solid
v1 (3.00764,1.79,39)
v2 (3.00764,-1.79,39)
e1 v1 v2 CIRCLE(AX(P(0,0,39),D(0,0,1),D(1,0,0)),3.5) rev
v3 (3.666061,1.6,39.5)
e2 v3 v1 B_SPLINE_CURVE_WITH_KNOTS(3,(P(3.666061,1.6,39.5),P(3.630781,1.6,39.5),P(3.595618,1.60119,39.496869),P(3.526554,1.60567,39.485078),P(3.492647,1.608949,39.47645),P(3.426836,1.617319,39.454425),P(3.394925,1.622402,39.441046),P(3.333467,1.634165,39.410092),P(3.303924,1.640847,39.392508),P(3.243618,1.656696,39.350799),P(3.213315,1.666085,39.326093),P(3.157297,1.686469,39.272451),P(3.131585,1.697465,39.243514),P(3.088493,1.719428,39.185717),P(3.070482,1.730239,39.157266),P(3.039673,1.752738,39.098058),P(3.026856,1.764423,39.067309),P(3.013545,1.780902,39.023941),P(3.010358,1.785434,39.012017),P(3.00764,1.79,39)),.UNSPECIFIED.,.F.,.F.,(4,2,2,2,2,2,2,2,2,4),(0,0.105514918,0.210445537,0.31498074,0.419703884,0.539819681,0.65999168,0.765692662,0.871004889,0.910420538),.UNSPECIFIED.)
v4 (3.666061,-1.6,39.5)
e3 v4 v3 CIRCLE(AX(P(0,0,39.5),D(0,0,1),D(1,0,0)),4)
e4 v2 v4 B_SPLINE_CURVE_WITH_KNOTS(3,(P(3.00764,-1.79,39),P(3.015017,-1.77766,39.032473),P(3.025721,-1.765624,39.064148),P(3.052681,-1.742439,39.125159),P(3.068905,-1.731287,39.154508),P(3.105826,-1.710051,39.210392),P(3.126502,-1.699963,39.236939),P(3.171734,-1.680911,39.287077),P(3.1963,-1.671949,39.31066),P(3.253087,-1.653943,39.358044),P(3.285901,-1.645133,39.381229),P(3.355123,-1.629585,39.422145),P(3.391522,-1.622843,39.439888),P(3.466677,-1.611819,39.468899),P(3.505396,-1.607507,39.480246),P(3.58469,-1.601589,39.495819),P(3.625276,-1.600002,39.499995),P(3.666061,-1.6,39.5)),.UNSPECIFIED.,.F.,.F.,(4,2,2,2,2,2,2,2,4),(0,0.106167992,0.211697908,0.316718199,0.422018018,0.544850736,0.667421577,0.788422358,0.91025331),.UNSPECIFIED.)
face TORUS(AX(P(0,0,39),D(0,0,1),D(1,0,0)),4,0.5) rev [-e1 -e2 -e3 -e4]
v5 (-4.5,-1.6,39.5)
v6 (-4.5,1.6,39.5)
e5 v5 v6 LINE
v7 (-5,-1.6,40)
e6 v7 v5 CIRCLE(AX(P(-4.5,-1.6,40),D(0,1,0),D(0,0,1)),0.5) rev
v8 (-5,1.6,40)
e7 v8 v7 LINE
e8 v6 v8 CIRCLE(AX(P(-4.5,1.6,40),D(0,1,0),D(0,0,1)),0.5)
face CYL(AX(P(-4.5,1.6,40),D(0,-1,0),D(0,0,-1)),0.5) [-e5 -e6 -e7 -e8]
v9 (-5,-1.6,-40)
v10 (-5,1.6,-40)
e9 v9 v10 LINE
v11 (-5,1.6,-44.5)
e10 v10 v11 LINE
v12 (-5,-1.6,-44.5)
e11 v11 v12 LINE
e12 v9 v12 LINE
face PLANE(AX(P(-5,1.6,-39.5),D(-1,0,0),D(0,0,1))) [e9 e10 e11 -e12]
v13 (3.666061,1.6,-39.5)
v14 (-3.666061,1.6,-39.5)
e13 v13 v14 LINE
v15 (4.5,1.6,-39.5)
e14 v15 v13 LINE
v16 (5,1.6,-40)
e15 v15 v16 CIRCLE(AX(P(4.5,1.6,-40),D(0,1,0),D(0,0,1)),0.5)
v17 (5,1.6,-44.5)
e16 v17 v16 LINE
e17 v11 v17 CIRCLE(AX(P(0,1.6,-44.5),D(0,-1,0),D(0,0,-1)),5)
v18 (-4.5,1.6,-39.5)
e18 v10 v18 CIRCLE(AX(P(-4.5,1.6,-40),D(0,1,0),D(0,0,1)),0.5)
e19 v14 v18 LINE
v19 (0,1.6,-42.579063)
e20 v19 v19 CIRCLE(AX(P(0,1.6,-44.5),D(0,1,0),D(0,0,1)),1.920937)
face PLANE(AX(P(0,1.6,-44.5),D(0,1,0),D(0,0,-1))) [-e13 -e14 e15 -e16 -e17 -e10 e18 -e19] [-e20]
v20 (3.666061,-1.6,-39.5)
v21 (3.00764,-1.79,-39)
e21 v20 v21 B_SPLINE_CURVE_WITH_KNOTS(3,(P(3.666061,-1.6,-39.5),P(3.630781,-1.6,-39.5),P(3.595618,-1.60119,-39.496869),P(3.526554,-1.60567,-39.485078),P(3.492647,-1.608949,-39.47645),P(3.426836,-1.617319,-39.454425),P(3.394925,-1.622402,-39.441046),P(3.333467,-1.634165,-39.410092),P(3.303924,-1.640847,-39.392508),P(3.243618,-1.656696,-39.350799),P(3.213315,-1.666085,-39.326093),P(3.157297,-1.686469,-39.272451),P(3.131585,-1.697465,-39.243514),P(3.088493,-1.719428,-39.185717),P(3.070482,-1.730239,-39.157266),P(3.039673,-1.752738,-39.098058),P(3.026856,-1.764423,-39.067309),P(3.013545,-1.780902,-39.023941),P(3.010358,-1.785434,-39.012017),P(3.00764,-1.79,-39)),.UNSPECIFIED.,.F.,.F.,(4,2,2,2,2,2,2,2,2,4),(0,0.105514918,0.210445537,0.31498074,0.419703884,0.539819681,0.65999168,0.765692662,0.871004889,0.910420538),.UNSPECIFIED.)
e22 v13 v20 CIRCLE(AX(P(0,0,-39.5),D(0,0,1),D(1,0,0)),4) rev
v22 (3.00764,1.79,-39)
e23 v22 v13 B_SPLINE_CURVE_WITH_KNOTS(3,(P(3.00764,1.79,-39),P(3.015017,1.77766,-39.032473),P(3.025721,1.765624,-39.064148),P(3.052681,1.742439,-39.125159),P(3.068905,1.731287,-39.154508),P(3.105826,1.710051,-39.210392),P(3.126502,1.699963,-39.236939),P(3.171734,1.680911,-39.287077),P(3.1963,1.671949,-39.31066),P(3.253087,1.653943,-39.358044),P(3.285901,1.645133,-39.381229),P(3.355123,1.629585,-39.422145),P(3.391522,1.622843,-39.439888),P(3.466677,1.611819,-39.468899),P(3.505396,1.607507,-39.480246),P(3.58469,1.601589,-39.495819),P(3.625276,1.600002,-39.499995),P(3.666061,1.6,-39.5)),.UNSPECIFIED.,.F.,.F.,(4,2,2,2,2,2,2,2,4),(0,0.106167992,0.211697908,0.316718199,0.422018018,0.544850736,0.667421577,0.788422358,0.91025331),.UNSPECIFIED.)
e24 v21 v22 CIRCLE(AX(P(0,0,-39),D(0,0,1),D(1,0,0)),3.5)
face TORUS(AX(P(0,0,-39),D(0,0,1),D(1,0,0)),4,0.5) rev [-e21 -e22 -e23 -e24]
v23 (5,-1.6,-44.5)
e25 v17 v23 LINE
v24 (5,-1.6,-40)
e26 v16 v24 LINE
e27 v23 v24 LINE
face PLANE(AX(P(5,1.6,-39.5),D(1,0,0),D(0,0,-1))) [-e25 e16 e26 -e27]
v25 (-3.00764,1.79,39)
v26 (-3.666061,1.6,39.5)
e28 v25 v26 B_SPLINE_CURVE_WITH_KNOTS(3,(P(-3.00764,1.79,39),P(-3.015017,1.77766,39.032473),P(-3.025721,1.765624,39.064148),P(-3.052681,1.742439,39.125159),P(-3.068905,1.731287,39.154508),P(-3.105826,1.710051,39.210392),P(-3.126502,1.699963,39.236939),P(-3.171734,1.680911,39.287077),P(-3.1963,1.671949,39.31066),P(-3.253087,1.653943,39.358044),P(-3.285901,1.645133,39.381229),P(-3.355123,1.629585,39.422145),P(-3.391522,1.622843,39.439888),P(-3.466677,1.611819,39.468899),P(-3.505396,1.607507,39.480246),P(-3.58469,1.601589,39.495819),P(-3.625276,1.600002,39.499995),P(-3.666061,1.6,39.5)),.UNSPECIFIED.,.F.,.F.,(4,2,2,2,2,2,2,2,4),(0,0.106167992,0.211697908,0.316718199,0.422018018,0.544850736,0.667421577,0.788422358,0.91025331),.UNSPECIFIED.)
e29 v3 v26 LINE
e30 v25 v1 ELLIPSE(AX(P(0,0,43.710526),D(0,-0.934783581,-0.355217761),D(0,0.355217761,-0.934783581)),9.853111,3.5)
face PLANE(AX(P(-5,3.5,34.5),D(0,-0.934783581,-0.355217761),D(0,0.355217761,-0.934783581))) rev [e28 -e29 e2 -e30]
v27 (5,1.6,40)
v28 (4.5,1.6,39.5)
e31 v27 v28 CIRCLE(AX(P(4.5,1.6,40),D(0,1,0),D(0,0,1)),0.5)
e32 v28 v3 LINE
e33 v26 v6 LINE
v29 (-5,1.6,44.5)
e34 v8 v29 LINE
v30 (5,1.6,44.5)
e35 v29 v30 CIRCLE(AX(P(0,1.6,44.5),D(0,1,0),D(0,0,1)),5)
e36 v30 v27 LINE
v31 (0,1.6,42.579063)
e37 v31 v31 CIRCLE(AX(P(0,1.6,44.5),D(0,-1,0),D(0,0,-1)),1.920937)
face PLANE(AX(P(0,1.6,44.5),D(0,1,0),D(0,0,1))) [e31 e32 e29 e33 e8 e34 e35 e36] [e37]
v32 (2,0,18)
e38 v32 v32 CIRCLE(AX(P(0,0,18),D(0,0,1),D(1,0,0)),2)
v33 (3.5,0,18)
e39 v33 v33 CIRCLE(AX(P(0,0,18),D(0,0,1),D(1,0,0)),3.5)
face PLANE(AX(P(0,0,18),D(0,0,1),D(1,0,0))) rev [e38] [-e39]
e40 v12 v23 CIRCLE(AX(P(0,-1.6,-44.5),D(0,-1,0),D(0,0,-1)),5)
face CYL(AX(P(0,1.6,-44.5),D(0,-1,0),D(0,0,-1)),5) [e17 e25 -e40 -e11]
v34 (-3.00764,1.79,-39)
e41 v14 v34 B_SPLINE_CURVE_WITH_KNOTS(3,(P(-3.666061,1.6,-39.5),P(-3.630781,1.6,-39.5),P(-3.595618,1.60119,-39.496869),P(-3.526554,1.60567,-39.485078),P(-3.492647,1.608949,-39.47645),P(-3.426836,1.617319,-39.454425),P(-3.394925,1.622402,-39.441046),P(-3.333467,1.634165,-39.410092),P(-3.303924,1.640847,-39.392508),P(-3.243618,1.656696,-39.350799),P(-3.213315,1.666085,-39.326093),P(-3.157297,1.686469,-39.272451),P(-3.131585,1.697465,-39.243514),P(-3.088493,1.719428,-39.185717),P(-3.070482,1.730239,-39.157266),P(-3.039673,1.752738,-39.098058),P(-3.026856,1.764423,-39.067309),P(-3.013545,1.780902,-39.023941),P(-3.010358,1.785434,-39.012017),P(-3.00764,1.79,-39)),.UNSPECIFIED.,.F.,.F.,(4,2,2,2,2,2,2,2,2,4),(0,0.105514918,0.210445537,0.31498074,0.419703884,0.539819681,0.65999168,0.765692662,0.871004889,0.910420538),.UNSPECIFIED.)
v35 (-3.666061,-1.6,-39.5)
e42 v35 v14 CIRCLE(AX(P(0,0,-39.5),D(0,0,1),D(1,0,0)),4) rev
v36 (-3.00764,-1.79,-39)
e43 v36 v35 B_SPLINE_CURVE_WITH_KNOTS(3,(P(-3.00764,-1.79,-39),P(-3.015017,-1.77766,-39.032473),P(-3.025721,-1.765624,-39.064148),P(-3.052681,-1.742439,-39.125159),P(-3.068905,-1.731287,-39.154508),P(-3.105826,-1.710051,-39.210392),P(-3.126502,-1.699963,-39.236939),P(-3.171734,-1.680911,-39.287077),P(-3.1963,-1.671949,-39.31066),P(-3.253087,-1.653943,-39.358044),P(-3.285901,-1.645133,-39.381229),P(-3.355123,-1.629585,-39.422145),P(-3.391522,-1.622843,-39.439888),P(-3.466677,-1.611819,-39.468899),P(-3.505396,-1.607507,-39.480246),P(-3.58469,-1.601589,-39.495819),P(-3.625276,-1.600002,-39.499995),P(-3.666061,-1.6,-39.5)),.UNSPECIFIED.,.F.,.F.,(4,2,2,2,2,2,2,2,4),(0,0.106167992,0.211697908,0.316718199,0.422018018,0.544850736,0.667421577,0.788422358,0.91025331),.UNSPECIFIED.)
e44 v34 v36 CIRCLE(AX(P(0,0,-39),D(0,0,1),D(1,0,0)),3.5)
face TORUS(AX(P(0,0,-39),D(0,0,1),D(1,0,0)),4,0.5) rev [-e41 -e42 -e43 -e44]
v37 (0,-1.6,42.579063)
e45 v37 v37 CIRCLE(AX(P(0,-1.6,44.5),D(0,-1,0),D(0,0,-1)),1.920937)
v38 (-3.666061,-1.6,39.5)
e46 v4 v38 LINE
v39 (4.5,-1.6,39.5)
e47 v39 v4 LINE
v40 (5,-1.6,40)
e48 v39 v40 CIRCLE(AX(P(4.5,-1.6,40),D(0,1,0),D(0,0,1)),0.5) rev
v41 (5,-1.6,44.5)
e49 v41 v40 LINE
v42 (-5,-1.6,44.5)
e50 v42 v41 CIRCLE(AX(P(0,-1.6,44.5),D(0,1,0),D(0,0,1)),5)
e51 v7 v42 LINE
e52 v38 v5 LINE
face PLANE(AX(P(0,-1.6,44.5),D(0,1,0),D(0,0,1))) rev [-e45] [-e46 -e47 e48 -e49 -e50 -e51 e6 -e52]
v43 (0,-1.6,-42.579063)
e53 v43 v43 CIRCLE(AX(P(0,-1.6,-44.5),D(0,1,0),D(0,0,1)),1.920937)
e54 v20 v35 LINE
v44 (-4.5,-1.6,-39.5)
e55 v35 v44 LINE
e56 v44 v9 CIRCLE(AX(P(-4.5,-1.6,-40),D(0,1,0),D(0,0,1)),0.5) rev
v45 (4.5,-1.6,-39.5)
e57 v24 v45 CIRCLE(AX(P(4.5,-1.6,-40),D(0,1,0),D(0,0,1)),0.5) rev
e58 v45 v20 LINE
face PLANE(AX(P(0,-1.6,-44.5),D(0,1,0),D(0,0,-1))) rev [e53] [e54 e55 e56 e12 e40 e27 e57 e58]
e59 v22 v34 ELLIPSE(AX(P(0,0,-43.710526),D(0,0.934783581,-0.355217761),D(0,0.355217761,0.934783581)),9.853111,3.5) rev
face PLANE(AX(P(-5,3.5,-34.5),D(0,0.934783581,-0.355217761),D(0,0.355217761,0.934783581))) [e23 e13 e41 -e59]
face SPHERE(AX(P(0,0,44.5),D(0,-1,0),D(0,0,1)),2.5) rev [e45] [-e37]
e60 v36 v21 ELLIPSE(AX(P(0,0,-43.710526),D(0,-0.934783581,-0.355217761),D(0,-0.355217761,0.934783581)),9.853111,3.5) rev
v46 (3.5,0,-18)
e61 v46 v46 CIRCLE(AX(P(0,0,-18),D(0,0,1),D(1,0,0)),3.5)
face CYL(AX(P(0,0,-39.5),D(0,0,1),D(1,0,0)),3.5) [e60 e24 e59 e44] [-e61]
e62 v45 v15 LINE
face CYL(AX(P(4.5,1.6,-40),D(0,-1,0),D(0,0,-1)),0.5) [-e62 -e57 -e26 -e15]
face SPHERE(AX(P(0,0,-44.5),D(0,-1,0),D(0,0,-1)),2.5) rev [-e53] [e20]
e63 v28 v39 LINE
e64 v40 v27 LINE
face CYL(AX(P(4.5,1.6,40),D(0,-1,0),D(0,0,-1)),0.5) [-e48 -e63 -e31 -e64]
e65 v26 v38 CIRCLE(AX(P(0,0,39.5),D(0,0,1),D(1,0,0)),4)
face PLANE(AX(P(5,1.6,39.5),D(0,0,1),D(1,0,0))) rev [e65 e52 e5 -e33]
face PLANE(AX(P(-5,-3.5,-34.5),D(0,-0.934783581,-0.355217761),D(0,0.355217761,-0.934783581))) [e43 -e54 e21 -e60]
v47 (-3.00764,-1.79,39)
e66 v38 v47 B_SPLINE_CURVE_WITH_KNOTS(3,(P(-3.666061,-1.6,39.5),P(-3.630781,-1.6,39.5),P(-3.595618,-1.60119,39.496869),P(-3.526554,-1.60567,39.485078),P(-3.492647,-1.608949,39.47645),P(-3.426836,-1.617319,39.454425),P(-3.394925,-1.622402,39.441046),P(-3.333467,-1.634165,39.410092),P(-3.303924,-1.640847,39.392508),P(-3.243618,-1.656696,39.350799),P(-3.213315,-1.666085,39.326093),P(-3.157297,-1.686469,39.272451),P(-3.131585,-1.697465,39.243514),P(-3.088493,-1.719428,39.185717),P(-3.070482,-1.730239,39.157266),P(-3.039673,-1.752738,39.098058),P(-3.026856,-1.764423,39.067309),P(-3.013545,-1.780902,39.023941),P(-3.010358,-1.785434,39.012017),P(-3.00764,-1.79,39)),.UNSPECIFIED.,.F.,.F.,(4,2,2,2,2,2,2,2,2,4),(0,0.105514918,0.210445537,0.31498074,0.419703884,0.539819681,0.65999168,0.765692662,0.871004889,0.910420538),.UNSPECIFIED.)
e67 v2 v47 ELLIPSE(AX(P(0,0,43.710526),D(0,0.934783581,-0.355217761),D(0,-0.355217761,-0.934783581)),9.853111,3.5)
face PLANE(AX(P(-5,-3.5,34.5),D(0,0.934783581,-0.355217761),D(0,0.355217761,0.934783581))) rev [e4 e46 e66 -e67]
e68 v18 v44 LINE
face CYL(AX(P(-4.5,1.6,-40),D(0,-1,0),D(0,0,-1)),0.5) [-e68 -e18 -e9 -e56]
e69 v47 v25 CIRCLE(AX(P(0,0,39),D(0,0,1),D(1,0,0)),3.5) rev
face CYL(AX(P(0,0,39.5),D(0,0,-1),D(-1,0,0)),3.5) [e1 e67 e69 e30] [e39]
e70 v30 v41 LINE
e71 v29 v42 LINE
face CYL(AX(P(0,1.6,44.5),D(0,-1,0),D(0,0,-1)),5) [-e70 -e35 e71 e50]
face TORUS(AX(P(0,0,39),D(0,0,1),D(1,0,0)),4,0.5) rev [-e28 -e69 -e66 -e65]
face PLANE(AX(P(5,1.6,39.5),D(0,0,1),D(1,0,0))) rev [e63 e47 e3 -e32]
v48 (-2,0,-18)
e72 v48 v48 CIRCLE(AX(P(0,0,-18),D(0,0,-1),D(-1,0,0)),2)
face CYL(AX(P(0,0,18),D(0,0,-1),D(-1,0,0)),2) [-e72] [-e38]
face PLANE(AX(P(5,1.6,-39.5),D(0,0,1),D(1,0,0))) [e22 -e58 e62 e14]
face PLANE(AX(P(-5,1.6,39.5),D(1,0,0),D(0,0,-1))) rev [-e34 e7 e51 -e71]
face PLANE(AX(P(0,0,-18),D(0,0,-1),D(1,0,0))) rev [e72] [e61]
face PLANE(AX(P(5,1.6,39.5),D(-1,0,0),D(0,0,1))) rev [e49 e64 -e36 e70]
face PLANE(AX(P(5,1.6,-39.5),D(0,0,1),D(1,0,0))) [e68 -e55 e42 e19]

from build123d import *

# Parameters (mm, degrees)
SKETCH1_R                  = 2
SCREW_SECTION_DEPTH        = 18
SKETCH2_R                  = 3.5
BAR_SECTION_DEPTH          = 21.5
MOUNT_SECTION_DEPTH        = 1.6
BAR_TAPER_DEPTH            = 6
MOUNT_FILLET_R             = 0.5
MOUNT_FILLET_OF_MIRROR_2_R = 0.5


with BuildPart() as part:
    # Sketch1 → Screw Section (new body)
    with BuildSketch(Plane.XY):
        Circle(SKETCH1_R)
    screw_section = extrude(amount=SCREW_SECTION_DEPTH)

    # Sketch2 → Bar Section (add)
    with BuildSketch(Plane.XY.offset(18)):
        Circle(SKETCH2_R)
    bar_section = extrude(amount=BAR_SECTION_DEPTH)

    # Sketch3 → Mount Section (add, symmetric)
    with BuildSketch(Plane(origin=(0, 0, 0), x_dir=(1, 0, 0), z_dir=(0, 1, 0))):
        with BuildLine():
            Line((5, -39.5), (-5, -39.5))
            Line((-5, -39.5), (-5, -44.5))
            ThreePointArc((-5, -44.5), (0, -49.5), (5, -44.5))
            Line((5, -44.5), (5, -39.5))
        make_face()
    mount_section = extrude(amount=MOUNT_SECTION_DEPTH, both=True)

    # Sketch4 → Bar Taper (cut, symmetric)
    with BuildSketch(Plane(origin=(0, 0, 0), x_dir=(0, 0, -1), z_dir=(1, 0, 0))):
        Polygon((-34.5, -3.5), (-39.5, -1.6), (-39.5, -3.5), align=None)
        Polygon((-34.5, 3.5), (-39.5, 1.6), (-39.5, 3.5), align=None)
    bar_taper = extrude(amount=BAR_TAPER_DEPTH, both=True, mode=Mode.SUBTRACT)

    # Mount Fillet
    mount_fillet_edges = [part.edges().sort_by_distance(p)[0] for p in [
        (-5, 0, 39.5),
        (3.401842713, -0.823083322, 39.5),
        (-3.5, 0, 39.5),
        (5, 0, 39.5),
    ]]
    fillet(mount_fillet_edges, radius=MOUNT_FILLET_R)

    # Sketch6 → Ball Hole (revolve, cut)
    with BuildSketch(Plane(origin=(0, 0, 0), x_dir=(0, 0, -1), z_dir=(1, 0, 0))):
        with BuildLine():
            Line((-46.420937271, -1.6), (-44.5, -1.6))
            Line((-44.5, -1.6), (-44.5, 1.6))
            Line((-44.5, 1.6), (-46.420937271, 1.6))
            ThreePointArc((-46.420937271, 1.6), (-47, 0), (-46.420937271, -1.6))
        make_face()
    ball_hole = revolve(axis=Axis((0, -1.6, 44.5), (0, 1, 0)), mode=Mode.SUBTRACT)

    # Mirror 2: Screw Section, Bar Section, Mount Section, Bar Taper, Ball Hole across Front Plane
    add(screw_section.mirror(Plane.XY))
    add(bar_section.mirror(Plane.XY))
    add(mount_section.mirror(Plane.XY))
    add(bar_taper.mirror(Plane.XY), mode=Mode.SUBTRACT)
    add(ball_hole.mirror(Plane.XY), mode=Mode.SUBTRACT)

    # Mount Fillet of Mirror 2
    mount_fillet_of_mirror_2_edges = [part.edges().sort_by_distance(p)[0] for p in [
        (-5, 0, -39.5),
        (3.401842713, -0.823083322, -39.5),
        (-3.5, 0, -39.5),
        (5, 0, -39.5),
    ]]
    fillet(mount_fillet_of_mirror_2_edges, radius=MOUNT_FILLET_OF_MIRROR_2_R)


solid = part.part
